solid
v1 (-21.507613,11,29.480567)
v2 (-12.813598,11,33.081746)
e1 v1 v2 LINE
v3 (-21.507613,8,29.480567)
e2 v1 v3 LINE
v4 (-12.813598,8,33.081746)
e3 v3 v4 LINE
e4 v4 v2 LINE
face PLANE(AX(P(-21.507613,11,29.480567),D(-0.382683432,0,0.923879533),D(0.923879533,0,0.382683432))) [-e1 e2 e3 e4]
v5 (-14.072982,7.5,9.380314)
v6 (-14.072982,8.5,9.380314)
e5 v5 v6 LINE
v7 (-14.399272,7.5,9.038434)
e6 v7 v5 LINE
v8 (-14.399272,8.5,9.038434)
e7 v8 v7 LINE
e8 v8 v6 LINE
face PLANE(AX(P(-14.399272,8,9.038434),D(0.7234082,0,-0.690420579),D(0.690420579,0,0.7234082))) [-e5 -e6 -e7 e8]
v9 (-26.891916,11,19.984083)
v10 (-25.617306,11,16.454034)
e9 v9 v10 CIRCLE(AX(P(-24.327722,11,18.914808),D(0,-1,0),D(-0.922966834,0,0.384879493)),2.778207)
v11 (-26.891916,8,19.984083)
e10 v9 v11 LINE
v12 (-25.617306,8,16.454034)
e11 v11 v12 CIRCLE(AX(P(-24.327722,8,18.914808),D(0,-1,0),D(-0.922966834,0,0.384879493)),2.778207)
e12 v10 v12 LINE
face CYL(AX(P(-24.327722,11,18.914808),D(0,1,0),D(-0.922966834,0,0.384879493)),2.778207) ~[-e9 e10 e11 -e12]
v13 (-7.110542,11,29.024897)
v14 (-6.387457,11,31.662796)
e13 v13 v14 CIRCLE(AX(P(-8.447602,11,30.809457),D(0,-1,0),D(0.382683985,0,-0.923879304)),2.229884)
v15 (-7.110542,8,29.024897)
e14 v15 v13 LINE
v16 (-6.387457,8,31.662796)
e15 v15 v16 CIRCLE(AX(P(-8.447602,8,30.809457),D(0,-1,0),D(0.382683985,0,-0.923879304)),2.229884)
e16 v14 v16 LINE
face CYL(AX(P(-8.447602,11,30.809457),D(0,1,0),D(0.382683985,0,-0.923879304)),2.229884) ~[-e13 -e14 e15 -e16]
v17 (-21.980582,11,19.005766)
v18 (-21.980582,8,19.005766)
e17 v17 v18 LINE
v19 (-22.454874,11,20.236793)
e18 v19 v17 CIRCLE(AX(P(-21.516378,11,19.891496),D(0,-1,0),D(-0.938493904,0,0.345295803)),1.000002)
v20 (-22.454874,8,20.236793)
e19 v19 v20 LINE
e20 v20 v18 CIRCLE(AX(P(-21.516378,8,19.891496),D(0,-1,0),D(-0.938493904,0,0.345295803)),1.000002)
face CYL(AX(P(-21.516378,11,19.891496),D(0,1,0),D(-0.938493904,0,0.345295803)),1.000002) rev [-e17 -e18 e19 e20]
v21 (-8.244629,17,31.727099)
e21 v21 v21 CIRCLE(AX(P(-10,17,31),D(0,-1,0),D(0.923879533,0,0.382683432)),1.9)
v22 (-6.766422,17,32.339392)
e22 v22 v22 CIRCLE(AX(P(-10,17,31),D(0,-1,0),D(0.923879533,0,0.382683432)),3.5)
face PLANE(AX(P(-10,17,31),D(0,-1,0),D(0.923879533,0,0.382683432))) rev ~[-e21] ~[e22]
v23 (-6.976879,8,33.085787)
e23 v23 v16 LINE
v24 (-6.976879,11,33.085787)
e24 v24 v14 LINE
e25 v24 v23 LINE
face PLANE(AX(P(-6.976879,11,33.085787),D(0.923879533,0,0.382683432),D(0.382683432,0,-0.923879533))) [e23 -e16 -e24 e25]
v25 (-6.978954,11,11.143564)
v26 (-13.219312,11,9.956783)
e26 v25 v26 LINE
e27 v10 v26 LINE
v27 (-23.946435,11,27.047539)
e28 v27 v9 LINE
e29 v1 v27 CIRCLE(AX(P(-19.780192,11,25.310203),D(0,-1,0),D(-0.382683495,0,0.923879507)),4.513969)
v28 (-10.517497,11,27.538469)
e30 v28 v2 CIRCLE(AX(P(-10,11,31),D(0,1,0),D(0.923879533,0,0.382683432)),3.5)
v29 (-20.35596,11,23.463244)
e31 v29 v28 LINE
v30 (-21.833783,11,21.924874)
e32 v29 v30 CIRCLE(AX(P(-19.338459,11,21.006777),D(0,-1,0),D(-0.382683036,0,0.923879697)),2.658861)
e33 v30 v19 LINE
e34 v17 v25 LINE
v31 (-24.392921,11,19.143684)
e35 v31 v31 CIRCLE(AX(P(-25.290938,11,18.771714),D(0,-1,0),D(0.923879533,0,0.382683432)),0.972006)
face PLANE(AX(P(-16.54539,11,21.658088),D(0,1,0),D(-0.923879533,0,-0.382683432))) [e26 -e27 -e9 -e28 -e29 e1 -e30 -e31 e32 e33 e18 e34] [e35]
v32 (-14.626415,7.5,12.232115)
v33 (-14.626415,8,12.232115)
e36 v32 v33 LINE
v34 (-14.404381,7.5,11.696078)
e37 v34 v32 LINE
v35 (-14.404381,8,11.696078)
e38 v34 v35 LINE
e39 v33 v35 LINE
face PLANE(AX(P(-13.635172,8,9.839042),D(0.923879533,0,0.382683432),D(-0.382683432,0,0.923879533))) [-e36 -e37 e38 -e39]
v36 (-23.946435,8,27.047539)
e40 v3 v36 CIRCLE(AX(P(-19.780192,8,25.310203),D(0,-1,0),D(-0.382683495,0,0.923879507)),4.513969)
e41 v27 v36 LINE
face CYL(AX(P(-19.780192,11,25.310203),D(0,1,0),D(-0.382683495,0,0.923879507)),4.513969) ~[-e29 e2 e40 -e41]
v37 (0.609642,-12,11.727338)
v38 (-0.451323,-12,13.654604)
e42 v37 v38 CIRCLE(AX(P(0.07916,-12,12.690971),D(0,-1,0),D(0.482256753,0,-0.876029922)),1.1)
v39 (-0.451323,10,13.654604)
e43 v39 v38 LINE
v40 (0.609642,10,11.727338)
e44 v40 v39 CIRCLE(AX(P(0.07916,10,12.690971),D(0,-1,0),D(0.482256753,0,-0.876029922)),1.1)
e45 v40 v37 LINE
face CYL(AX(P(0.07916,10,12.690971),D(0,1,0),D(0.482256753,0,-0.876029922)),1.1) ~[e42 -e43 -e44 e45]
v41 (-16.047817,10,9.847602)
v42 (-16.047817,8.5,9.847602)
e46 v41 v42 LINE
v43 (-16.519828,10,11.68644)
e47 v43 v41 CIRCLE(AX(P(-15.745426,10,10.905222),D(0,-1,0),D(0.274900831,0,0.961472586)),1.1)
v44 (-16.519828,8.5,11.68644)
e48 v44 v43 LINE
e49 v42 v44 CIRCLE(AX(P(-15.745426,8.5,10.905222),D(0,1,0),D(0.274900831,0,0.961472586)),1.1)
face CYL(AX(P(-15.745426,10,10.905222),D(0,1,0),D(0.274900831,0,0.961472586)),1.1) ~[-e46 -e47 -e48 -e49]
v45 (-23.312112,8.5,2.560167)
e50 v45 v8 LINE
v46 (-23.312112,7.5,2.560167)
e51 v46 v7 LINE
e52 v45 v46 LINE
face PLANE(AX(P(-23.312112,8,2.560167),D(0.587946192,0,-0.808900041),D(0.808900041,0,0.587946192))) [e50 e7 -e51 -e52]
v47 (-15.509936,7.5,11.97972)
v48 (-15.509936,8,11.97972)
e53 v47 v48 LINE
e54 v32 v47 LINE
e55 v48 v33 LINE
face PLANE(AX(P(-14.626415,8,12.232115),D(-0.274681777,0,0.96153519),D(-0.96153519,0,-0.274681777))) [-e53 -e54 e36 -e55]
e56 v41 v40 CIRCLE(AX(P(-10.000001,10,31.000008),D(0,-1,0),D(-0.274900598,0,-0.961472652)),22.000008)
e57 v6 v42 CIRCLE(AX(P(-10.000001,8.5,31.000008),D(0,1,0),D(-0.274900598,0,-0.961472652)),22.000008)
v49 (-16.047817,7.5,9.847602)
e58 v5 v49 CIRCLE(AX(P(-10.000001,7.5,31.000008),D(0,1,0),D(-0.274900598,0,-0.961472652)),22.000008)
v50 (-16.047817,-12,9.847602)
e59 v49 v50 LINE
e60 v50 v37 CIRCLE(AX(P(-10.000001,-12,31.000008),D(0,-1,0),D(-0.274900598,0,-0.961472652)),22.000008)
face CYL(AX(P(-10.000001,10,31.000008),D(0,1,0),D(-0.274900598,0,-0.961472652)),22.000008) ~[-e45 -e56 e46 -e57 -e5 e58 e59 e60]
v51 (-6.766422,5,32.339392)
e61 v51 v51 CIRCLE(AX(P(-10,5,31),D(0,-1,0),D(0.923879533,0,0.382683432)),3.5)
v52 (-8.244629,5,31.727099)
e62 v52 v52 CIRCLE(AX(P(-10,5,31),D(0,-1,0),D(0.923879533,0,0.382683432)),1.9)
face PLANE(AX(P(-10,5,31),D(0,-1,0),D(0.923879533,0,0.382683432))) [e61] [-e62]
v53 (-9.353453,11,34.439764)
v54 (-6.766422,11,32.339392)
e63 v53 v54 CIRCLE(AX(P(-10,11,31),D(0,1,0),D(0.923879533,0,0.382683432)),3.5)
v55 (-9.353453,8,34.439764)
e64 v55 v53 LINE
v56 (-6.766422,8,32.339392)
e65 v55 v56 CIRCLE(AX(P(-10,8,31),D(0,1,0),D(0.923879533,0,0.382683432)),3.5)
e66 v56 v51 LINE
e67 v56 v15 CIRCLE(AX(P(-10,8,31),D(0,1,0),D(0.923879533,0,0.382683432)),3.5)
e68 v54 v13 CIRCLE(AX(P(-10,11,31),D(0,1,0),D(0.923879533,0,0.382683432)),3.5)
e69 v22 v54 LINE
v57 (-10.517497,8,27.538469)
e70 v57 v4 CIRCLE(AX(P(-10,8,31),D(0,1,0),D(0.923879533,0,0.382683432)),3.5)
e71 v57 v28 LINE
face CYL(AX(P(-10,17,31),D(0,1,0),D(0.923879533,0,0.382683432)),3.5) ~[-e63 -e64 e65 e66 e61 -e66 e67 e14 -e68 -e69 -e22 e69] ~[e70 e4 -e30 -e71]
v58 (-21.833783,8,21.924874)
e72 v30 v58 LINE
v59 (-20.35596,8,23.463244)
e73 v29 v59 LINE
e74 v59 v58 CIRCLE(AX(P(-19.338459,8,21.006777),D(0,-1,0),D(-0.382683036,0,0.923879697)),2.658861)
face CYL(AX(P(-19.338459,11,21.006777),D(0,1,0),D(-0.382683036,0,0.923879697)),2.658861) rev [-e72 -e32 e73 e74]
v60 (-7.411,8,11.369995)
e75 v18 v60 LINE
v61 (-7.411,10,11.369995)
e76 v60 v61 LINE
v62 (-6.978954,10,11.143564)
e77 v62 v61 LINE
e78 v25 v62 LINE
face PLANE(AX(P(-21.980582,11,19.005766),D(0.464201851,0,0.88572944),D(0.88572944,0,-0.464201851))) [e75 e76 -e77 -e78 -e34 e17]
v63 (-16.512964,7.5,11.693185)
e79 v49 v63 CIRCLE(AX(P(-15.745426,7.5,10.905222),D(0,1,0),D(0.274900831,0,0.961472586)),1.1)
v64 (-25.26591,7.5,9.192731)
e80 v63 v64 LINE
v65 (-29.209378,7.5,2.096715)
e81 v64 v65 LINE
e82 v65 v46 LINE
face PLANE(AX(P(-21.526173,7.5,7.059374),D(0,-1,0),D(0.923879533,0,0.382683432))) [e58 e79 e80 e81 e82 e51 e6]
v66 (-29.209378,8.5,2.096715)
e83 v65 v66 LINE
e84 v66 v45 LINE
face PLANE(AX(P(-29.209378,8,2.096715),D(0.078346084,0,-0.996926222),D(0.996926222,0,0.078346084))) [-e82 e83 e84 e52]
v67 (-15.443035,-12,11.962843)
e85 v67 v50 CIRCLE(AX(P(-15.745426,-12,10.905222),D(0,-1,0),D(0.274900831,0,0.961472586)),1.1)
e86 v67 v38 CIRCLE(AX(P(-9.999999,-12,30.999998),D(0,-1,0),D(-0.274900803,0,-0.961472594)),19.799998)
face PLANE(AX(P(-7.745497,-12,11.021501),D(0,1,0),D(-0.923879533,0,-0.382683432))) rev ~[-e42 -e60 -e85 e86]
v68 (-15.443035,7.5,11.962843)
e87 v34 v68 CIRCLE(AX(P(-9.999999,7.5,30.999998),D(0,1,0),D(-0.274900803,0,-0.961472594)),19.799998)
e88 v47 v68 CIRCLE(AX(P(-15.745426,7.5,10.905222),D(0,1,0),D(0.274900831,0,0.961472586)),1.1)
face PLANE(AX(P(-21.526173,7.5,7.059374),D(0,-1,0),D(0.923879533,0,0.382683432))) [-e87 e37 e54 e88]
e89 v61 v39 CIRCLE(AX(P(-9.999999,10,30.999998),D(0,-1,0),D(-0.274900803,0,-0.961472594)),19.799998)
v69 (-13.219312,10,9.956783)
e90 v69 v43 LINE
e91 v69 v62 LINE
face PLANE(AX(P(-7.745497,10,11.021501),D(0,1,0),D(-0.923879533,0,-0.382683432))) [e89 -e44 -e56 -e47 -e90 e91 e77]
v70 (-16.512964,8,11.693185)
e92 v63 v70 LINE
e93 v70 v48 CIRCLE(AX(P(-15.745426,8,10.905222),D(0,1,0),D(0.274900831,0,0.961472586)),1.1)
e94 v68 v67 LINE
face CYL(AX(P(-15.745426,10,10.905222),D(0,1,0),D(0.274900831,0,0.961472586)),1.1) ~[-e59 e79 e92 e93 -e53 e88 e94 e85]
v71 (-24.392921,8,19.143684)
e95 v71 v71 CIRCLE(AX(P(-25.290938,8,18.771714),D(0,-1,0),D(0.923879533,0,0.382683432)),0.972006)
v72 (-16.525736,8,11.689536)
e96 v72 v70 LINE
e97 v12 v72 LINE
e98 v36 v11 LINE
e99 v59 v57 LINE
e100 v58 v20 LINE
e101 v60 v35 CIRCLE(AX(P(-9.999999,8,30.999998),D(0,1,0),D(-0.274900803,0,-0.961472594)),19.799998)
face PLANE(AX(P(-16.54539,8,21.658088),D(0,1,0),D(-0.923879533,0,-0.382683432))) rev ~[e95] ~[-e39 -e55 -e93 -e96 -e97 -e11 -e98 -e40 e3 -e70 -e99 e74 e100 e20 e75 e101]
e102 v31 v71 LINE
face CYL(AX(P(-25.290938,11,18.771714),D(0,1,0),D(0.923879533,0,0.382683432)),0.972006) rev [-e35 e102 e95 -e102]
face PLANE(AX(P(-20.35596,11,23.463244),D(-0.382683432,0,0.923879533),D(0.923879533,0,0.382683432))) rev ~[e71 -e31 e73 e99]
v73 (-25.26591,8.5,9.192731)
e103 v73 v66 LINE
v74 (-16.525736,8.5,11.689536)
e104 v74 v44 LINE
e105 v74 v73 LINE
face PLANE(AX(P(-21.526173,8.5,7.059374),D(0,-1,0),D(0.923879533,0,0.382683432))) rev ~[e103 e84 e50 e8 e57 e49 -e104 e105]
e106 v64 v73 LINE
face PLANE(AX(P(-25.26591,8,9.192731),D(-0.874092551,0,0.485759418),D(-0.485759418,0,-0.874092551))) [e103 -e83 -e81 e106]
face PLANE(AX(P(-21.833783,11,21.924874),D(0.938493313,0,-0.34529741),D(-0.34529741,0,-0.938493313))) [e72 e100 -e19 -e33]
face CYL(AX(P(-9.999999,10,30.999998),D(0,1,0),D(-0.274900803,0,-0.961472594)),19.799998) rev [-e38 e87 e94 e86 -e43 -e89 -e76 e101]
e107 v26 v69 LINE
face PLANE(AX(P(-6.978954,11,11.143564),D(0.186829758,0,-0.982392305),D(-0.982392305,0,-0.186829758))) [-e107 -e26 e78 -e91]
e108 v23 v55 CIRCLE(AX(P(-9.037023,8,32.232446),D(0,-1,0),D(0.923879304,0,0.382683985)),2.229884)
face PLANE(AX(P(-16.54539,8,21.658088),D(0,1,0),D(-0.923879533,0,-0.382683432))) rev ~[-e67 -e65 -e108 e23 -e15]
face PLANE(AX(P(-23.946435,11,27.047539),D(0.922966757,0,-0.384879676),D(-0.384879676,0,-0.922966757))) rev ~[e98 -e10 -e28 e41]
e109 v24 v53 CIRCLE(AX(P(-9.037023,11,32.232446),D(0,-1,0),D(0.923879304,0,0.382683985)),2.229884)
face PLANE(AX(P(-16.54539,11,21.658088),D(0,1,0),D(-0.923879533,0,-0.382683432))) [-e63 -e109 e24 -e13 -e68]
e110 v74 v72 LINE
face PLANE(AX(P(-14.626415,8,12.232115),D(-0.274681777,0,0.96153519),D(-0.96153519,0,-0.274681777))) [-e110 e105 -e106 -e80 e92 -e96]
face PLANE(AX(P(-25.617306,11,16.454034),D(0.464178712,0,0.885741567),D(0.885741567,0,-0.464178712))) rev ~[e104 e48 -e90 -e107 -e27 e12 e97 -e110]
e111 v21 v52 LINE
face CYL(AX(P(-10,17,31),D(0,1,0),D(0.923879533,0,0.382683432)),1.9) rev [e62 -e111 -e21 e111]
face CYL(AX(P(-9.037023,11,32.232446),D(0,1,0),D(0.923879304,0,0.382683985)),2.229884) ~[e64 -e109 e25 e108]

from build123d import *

# Parameters (mm, degrees)
SKETCH024_R             = 3.5
SKETCH024_R_2           = 1.9
PAD012_DEPTH            = 12
SKETCH025_R             = 2
SKETCH025_R_2           = 0.972006
PAD013_DEPTH            = 3
PAD014_DEPTH            = 22
PAD015_DEPTH            = 0.5
BODY006_PLACEMENT_ANGLE = 22.5


with BuildPart() as part:
    # Sketch024 → Pad012 (new body)
    with BuildSketch(Plane.XZ.offset(-7)):
        Circle(SKETCH024_R)
        Circle(SKETCH024_R_2, mode=Mode.SUBTRACT)
    extrude(amount=PAD012_DEPTH)

    # Sketch025 → Pad013 (join)
    with BuildSketch(Plane.XZ.offset(-1)):
        with BuildLine():
            Line((3.591196, 0.770117), (3.591196, -0.770117))
            ThreePointArc((1.361313, -3), (2.938078, -2.346882), (3.591196, -0.770117))
            Line((-12.451851, -3), (1.361313, -3))
            ThreePointArc((-12.451851, -3), (-13.518451, -3.22331), (-14.40589, -3.855731))
            Line((-14.40589, -3.855731), (-15.625704, -5.177633))
            ThreePointArc((-15.625704, -5.177633), (-15.890477, -5.83085), (-15.658609, -6.496457))
            Line((-15.658609, -6.496457), (-4.807646, -19.501059))
            Line((-4.807646, -19.501059), (-11.027147, -18.20942))
            Line((-19.99501, -7.462236), (-11.027147, -18.20942))
            ThreePointArc((-19.821704, -3.713124), (-20.637136, -5.553991), (-19.99501, -7.462236))
            Line((-14.397367, 1.685472), (-19.821704, -3.713124))
            ThreePointArc((-11.21311, 3), (-12.93557, 2.658446), (-14.397367, 1.685472))
            Line((-11.21311, 3), (-4.42391, 3))
            Line((-4.42391, 3), (1.361313, 3))
            ThreePointArc((3.591196, 0.770117), (2.938078, 2.346882), (1.361313, 3))
        make_face()
        Circle(SKETCH025_R, mode=Mode.SUBTRACT)
        with Locations((-18.806547, -5.445875)):
            Circle(SKETCH025_R_2, mode=Mode.SUBTRACT)
    extrude(amount=PAD013_DEPTH)

    # Sketch026 → Pad014 (join)
    with BuildSketch(Plane.XZ):
        with BuildLine():
            ThreePointArc((-12.313913, -15.505081), (-5.478083, -19.027102), (2.184032, -19.679177))
            ThreePointArc((2.426703, -21.865752), (3.398655, -20.651129), (2.184032, -19.679177))
            ThreePointArc((-13.682126, -17.227868), (-6.086758, -21.141224), (2.426703, -21.865752))
            ThreePointArc((-12.313913, -15.505081), (-13.859413, -15.682368), (-13.682126, -17.227868))
        make_face()
    extrude(amount=PAD014_DEPTH)

    # Sketch027 → Pad015 (join, symmetric)
    with BuildSketch(Plane.XZ.offset(2)):
        Polygon((-28.80796, -19.352043), (-23.182241, -21.180655), (-12.468725, -18.606313), (-11.456409, -18.159056), (-11.456409, -15.568812), (-22.449142, -14.305279), align=None)
    extrude(amount=PAD015_DEPTH, both=True)


with BuildPart() as part_1:
    # Body006 placement: moved
    add(part.part.moved(Location((-10, 10, 31))).rotate(Axis((-10, 10, 31), (0, -1, 0)), BODY006_PLACEMENT_ANGLE))


solid = part_1.part
